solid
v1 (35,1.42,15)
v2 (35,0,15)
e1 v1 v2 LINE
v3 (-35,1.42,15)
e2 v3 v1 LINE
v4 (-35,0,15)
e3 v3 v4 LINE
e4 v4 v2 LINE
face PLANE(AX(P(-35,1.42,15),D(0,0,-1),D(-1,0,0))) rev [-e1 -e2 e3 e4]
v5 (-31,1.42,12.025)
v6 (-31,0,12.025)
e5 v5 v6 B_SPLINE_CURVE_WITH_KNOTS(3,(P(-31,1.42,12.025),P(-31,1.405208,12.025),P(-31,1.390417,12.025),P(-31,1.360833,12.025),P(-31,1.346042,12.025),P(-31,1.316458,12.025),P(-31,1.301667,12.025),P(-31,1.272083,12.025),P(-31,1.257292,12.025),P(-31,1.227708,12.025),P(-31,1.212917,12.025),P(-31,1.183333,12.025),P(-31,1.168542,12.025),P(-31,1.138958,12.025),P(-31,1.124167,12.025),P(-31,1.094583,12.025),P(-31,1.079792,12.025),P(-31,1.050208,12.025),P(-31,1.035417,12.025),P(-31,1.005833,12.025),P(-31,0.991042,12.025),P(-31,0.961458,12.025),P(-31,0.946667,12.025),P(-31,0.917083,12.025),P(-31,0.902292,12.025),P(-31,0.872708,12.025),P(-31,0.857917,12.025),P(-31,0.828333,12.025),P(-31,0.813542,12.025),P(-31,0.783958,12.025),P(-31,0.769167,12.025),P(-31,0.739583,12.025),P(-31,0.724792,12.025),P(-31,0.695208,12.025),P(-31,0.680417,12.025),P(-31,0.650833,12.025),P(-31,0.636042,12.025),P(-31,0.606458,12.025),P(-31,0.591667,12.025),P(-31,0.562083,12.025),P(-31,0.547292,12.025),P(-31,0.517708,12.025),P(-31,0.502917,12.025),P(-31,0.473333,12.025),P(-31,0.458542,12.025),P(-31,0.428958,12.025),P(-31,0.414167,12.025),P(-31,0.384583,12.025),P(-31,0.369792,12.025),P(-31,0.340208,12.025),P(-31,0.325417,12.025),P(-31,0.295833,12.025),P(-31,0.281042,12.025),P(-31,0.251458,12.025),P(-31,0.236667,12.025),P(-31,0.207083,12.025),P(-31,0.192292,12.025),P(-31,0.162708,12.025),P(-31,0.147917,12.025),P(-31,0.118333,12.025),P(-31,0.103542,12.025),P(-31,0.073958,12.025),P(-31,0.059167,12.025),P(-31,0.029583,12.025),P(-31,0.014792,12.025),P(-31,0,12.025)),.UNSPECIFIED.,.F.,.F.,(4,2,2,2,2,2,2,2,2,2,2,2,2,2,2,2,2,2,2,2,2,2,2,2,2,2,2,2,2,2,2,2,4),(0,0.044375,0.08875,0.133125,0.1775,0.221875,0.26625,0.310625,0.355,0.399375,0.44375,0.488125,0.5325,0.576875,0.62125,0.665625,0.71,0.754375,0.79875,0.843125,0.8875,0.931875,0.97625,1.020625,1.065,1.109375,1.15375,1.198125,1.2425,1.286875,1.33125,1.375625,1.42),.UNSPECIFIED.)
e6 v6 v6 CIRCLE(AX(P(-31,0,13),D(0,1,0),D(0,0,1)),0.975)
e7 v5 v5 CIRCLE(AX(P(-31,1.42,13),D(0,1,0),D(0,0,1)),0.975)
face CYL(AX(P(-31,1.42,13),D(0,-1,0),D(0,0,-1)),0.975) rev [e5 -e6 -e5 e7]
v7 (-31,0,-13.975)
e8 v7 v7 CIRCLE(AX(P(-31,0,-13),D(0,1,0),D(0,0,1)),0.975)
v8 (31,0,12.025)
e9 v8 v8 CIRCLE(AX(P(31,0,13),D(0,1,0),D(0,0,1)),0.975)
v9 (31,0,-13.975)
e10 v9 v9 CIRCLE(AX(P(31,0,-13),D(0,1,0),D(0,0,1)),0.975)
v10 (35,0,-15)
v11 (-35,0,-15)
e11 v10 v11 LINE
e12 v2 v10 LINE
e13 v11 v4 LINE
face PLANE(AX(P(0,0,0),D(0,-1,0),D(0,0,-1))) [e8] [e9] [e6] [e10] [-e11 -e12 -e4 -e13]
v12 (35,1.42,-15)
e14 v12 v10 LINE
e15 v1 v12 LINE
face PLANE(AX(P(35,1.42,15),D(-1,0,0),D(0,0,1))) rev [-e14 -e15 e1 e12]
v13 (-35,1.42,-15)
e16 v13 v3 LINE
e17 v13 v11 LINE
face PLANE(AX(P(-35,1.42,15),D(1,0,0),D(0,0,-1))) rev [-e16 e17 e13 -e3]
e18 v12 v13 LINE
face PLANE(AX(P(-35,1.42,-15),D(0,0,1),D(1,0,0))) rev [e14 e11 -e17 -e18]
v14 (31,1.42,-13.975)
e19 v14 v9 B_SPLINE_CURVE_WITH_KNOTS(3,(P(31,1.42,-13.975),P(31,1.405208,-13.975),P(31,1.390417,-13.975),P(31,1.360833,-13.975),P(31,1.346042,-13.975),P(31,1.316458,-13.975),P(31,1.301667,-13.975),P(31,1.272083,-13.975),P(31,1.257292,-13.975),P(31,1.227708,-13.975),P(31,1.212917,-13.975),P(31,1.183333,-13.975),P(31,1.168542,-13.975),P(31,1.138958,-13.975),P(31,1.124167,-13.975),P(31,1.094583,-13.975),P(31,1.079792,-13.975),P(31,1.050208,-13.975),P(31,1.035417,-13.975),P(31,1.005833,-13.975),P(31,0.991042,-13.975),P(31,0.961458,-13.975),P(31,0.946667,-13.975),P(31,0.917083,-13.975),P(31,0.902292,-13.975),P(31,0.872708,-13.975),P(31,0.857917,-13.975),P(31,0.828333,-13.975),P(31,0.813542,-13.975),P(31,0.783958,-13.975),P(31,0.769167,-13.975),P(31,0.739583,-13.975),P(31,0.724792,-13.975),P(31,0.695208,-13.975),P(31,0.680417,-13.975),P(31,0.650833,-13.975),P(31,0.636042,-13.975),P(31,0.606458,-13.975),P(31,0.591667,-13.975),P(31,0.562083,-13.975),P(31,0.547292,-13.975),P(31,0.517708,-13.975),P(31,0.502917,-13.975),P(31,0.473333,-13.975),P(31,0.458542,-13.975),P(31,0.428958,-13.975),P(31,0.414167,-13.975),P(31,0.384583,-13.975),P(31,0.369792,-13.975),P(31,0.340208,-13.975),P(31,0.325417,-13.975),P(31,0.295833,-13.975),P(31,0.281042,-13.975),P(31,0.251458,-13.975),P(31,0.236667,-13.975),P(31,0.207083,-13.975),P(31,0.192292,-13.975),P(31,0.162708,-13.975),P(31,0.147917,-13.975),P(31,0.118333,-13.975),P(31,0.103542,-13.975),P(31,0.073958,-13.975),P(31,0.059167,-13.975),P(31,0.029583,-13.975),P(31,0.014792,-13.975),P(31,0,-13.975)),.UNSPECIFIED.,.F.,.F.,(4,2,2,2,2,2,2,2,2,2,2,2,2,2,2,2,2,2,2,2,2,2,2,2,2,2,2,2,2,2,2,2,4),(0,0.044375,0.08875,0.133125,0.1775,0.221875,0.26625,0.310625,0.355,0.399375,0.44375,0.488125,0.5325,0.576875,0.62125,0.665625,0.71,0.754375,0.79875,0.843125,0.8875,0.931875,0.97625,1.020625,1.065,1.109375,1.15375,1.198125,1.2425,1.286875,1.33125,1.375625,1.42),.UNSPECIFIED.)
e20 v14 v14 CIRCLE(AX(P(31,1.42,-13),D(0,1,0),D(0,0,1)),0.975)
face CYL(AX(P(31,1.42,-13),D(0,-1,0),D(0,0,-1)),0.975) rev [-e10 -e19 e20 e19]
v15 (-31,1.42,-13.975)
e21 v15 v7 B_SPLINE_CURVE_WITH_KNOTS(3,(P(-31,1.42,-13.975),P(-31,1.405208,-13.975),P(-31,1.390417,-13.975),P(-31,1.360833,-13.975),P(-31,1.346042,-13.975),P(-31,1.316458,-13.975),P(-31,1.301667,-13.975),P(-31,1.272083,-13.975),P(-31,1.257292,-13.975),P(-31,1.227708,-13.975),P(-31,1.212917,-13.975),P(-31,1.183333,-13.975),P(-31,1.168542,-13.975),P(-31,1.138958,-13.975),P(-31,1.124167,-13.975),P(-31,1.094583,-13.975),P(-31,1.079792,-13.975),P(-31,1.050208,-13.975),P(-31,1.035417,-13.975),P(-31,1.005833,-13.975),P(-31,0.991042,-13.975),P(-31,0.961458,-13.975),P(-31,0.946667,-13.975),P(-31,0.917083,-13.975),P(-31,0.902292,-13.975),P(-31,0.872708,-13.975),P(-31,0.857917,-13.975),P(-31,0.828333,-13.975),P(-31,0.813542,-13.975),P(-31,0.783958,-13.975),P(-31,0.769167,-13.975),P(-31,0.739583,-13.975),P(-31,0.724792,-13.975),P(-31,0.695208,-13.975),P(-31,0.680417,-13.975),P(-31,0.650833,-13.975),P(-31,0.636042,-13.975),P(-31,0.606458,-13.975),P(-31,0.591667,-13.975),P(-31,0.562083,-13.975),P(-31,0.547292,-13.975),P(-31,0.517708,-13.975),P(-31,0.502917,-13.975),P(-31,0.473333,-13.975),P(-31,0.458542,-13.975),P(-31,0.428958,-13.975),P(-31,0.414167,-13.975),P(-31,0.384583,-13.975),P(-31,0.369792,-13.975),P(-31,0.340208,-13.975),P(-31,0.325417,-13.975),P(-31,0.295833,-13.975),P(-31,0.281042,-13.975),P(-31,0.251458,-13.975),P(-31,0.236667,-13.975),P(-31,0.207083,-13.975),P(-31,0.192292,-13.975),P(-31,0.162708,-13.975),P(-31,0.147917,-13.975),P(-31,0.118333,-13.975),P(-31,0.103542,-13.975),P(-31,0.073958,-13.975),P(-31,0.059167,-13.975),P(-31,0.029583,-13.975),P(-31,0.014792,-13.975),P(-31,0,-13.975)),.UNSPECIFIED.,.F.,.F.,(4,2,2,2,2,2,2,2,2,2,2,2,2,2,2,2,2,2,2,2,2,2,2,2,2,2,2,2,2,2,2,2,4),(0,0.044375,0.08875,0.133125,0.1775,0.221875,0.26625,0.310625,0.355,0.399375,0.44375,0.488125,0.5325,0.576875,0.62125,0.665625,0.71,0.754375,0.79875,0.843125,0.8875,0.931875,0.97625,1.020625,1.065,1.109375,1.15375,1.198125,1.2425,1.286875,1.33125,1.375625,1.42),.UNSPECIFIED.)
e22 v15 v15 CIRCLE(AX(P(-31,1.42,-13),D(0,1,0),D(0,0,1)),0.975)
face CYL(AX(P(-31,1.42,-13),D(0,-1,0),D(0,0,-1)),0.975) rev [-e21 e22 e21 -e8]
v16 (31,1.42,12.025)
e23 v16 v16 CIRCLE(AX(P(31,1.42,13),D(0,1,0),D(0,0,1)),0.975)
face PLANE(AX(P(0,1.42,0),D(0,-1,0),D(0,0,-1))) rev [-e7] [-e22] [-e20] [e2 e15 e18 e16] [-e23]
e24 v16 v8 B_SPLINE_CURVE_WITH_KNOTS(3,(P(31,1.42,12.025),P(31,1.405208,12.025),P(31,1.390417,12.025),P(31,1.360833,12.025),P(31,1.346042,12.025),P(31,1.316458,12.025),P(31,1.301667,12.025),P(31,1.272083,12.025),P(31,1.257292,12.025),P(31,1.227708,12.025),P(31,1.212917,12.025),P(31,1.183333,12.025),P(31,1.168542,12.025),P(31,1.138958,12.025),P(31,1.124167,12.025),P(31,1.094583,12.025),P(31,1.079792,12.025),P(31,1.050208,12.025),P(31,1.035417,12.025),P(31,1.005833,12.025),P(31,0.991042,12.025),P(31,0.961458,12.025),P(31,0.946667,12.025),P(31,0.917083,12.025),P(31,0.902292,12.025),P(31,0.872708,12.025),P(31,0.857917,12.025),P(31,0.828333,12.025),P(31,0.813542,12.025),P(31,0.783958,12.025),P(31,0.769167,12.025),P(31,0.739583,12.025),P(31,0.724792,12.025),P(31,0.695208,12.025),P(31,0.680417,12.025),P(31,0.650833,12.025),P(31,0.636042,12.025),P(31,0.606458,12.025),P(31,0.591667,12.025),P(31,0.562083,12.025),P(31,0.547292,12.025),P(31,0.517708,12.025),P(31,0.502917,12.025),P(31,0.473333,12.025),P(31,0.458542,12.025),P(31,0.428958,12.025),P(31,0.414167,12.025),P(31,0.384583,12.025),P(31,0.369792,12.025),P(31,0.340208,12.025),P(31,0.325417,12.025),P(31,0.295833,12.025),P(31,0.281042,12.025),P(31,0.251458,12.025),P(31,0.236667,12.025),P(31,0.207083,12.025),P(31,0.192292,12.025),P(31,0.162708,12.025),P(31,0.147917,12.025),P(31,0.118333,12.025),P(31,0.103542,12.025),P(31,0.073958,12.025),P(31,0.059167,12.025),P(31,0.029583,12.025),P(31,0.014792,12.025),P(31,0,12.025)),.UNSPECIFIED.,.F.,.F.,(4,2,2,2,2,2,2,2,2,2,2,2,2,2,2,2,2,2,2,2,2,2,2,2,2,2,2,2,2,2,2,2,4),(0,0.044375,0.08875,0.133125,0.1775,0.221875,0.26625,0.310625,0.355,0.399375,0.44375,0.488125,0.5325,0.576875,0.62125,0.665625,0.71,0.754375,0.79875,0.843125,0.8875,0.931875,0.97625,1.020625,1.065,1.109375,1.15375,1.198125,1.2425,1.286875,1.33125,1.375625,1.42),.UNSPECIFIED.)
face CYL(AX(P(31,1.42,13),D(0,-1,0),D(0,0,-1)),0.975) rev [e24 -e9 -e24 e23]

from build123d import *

# Parameters (mm, degrees)
SKETCH3_W           = 70
SKETCH3_H           = 30
SKETCH3_R           = 0.975
BOSS_EXTRUDE1_DEPTH = 1.42


with BuildPart() as part:
    # Sketch3 → Boss-Extrude1 (new body)
    with BuildSketch(Plane(origin=(0, 0, 0), x_dir=(1, 0, 0), z_dir=(0, 1, 0))):
        Rectangle(SKETCH3_W, SKETCH3_H)
        with Locations(Location((-31, 13, 0), (0, 0, 90))):
            Circle(SKETCH3_R, mode=Mode.SUBTRACT)
        with Locations(Location((31, 13, 0), (0, 0, 90))):
            Circle(SKETCH3_R, mode=Mode.SUBTRACT)
        with Locations(Location((31, -13, 0), (0, 0, 90))):
            Circle(SKETCH3_R, mode=Mode.SUBTRACT)
        with Locations(Location((-31, -13, 0), (0, 0, 90))):
            Circle(SKETCH3_R, mode=Mode.SUBTRACT)
    extrude(amount=BOSS_EXTRUDE1_DEPTH)


solid = part.part
